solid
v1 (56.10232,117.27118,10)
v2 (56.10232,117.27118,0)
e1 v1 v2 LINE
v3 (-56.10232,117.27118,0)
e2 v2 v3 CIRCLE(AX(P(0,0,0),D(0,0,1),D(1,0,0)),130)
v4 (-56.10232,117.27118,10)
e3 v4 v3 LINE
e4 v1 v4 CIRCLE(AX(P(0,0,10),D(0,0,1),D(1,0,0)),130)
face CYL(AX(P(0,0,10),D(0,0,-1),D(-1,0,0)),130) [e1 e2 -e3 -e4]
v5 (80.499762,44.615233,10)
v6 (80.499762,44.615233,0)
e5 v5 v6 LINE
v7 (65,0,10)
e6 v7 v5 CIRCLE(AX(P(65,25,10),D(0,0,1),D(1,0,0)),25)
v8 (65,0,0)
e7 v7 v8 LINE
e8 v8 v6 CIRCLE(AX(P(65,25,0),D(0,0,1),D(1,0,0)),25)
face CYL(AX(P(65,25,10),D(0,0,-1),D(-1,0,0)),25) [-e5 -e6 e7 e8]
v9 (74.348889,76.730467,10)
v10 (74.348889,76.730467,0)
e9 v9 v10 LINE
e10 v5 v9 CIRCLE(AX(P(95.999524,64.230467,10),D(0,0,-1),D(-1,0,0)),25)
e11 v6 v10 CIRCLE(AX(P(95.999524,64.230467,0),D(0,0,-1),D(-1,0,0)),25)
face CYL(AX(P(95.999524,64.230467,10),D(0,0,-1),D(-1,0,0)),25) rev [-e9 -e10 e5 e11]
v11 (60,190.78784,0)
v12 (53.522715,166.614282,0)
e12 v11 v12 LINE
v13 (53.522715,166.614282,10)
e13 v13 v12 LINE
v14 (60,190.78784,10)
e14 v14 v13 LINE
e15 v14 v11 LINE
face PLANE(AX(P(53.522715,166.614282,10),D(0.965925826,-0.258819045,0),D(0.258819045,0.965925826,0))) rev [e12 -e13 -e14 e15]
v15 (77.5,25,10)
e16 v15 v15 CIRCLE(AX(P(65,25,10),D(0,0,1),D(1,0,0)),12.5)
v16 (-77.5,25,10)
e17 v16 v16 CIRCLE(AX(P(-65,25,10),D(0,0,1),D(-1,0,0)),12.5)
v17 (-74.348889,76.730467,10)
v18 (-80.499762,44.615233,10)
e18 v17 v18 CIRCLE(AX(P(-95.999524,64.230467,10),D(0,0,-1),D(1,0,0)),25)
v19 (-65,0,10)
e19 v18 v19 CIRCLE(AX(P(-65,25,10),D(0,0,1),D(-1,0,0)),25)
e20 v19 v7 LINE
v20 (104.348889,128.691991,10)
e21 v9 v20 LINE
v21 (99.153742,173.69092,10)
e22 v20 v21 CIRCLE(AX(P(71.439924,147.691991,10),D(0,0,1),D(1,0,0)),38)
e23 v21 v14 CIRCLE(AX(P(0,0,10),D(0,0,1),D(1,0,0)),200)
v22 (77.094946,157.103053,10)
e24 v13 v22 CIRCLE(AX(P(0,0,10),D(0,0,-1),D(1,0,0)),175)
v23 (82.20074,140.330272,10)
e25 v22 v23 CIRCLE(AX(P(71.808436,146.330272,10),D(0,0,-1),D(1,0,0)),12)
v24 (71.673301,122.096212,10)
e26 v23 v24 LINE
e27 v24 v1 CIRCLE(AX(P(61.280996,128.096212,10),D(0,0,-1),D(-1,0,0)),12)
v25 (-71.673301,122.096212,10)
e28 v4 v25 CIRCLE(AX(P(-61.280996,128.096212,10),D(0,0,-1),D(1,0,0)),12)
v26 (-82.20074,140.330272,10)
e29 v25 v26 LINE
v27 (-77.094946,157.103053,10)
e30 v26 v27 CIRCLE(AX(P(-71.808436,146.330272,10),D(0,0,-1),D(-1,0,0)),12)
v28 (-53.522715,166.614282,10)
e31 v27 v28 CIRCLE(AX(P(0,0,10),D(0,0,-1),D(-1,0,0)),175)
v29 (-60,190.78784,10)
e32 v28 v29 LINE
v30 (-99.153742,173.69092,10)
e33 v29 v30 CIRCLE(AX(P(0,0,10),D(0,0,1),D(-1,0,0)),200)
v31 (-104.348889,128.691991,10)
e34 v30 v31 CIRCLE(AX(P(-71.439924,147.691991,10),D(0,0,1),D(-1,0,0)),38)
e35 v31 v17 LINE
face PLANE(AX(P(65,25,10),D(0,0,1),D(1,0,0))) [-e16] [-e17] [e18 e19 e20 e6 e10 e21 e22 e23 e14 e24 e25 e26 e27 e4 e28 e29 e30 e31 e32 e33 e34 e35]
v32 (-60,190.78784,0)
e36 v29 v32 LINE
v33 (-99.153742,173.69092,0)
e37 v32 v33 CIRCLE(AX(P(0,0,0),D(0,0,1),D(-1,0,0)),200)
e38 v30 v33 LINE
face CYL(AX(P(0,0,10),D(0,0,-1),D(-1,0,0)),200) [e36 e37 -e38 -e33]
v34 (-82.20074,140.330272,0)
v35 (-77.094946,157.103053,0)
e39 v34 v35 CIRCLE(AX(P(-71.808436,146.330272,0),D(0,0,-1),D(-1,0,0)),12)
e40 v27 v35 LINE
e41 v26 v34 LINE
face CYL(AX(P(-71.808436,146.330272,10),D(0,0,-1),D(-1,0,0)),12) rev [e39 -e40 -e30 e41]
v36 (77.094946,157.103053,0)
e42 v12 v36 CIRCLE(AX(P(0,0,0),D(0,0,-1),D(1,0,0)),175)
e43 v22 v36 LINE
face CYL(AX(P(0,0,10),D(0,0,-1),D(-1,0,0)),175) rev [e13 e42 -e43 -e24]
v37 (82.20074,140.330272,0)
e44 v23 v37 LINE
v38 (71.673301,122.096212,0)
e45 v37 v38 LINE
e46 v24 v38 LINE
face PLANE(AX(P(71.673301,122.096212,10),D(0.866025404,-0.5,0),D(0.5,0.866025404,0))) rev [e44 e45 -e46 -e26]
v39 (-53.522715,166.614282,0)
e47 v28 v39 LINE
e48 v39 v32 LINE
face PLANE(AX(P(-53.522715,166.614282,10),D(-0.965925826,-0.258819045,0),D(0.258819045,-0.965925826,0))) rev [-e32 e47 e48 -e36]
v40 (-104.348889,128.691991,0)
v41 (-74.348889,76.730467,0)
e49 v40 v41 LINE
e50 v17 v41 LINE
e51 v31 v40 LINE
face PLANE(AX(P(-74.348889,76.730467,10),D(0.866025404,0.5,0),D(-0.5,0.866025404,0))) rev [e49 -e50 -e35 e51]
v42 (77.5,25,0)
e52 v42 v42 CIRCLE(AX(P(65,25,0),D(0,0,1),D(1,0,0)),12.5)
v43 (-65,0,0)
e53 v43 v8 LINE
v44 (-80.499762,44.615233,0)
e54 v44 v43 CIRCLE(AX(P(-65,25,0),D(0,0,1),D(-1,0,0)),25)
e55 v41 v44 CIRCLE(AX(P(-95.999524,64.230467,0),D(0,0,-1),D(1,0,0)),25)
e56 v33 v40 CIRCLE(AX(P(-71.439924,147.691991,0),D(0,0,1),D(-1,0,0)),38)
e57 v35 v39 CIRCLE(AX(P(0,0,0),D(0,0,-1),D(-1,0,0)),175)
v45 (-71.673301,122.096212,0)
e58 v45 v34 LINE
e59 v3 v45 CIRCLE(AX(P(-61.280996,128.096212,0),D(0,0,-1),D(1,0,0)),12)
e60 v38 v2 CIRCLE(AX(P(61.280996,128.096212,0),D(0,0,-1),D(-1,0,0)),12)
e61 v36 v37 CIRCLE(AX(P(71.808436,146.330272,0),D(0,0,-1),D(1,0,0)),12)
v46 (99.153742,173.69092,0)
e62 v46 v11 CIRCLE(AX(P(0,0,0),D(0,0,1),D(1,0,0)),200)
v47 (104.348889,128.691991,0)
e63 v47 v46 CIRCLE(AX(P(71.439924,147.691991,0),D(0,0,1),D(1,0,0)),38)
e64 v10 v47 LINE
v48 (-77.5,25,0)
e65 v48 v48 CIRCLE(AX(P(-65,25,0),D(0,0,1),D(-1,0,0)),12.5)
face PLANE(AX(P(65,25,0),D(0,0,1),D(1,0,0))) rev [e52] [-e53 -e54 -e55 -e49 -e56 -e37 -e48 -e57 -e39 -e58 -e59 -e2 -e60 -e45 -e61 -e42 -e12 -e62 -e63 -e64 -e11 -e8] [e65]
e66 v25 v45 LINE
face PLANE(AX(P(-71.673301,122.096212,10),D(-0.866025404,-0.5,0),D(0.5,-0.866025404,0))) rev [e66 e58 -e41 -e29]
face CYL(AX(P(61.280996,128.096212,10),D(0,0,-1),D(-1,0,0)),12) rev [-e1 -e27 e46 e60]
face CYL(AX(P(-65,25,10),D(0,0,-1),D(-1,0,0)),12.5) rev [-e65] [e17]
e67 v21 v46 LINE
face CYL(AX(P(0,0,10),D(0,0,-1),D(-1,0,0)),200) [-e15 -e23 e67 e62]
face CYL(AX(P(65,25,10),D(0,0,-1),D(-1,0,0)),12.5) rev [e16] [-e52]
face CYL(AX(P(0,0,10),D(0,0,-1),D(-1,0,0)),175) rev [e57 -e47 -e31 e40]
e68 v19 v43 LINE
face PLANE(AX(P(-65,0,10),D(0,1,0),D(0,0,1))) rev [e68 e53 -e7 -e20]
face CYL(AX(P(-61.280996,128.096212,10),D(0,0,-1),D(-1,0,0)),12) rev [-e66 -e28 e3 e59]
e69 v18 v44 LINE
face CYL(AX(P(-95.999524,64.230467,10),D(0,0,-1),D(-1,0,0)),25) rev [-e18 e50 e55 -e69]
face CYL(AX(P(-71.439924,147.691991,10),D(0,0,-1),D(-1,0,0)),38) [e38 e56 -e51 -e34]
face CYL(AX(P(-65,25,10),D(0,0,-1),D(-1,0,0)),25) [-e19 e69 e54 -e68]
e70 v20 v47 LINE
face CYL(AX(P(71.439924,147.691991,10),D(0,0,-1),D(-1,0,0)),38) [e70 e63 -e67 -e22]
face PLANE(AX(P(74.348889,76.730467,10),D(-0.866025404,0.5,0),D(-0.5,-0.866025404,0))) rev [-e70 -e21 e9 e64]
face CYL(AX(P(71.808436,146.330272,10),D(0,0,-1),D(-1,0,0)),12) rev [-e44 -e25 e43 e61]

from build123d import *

# Parameters (mm, degrees)
CROQUIS1_R              = 12.5
SALIENTE_EXTRUIR3_DEPTH = 10


with BuildPart() as part:
    # Croquis1 → Saliente-Extruir3 (new body)
    with BuildSketch(Plane.XY):
        with BuildLine():
            Line((-65, 0), (65, 0))
            ThreePointArc((65, 0), (88.615469852, 16.795758191), (80.499762007, 44.615233308))
            ThreePointArc((80.499762007, 44.615233308), (71.445806296, 59.527813514), (74.34888892, 76.730466615))
            Line((74.34888892, 76.730466615), (104.34888892, 128.691990842))
            ThreePointArc((104.34888892, 128.691990842), (109.189179993, 152.050160185), (99.153741511, 173.690919579))
            ThreePointArc((99.153741511, 173.690919579), (80.034708306, 183.287875939), (60, 190.787840283))
            Line((60, 190.787840283), (53.522714622, 166.614282159))
            ThreePointArc((53.522714622, 166.614282159), (65.481747035, 162.287217011), (77.094946128, 157.103053062))
            ThreePointArc((77.094946128, 157.103053062), (83.288324785, 149.82485993), (82.200740382, 140.330272281))
            Line((82.200740382, 140.330272281), (71.673300788, 122.09621203))
            ThreePointArc((71.673300788, 122.09621203), (64.832856812, 116.63391364), (56.102320229, 117.271180027))
            ThreePointArc((56.102320229, 117.271180027), (0, 130), (-56.102320229, 117.271180027))
            ThreePointArc((-56.102320229, 117.271180027), (-64.832856812, 116.63391364), (-71.673300788, 122.09621203))
            Line((-71.673300788, 122.09621203), (-82.200740382, 140.330272281))
            ThreePointArc((-82.200740382, 140.330272281), (-83.288324785, 149.82485993), (-77.094946128, 157.103053062))
            ThreePointArc((-77.094946128, 157.103053062), (-65.481747035, 162.287217011), (-53.522714622, 166.614282159))
            Line((-53.522714622, 166.614282159), (-60, 190.787840283))
            ThreePointArc((-60, 190.787840283), (-80.034708306, 183.287875939), (-99.153741511, 173.690919579))
            ThreePointArc((-99.153741511, 173.690919579), (-109.189179993, 152.050160185), (-104.34888892, 128.691990842))
            Line((-104.34888892, 128.691990842), (-74.34888892, 76.730466615))
            ThreePointArc((-74.34888892, 76.730466615), (-71.445806296, 59.527813514), (-80.499762007, 44.615233308))
            ThreePointArc((-80.499762007, 44.615233308), (-88.615469852, 16.795758191), (-65, 0))
        make_face()
        with Locations((65, 25)):
            Circle(CROQUIS1_R, mode=Mode.SUBTRACT)
        with Locations(Location((-65, 25, 0), (0, 0, 180))):
            Circle(CROQUIS1_R, mode=Mode.SUBTRACT)
    extrude(amount=SALIENTE_EXTRUIR3_DEPTH)


solid = part.part
